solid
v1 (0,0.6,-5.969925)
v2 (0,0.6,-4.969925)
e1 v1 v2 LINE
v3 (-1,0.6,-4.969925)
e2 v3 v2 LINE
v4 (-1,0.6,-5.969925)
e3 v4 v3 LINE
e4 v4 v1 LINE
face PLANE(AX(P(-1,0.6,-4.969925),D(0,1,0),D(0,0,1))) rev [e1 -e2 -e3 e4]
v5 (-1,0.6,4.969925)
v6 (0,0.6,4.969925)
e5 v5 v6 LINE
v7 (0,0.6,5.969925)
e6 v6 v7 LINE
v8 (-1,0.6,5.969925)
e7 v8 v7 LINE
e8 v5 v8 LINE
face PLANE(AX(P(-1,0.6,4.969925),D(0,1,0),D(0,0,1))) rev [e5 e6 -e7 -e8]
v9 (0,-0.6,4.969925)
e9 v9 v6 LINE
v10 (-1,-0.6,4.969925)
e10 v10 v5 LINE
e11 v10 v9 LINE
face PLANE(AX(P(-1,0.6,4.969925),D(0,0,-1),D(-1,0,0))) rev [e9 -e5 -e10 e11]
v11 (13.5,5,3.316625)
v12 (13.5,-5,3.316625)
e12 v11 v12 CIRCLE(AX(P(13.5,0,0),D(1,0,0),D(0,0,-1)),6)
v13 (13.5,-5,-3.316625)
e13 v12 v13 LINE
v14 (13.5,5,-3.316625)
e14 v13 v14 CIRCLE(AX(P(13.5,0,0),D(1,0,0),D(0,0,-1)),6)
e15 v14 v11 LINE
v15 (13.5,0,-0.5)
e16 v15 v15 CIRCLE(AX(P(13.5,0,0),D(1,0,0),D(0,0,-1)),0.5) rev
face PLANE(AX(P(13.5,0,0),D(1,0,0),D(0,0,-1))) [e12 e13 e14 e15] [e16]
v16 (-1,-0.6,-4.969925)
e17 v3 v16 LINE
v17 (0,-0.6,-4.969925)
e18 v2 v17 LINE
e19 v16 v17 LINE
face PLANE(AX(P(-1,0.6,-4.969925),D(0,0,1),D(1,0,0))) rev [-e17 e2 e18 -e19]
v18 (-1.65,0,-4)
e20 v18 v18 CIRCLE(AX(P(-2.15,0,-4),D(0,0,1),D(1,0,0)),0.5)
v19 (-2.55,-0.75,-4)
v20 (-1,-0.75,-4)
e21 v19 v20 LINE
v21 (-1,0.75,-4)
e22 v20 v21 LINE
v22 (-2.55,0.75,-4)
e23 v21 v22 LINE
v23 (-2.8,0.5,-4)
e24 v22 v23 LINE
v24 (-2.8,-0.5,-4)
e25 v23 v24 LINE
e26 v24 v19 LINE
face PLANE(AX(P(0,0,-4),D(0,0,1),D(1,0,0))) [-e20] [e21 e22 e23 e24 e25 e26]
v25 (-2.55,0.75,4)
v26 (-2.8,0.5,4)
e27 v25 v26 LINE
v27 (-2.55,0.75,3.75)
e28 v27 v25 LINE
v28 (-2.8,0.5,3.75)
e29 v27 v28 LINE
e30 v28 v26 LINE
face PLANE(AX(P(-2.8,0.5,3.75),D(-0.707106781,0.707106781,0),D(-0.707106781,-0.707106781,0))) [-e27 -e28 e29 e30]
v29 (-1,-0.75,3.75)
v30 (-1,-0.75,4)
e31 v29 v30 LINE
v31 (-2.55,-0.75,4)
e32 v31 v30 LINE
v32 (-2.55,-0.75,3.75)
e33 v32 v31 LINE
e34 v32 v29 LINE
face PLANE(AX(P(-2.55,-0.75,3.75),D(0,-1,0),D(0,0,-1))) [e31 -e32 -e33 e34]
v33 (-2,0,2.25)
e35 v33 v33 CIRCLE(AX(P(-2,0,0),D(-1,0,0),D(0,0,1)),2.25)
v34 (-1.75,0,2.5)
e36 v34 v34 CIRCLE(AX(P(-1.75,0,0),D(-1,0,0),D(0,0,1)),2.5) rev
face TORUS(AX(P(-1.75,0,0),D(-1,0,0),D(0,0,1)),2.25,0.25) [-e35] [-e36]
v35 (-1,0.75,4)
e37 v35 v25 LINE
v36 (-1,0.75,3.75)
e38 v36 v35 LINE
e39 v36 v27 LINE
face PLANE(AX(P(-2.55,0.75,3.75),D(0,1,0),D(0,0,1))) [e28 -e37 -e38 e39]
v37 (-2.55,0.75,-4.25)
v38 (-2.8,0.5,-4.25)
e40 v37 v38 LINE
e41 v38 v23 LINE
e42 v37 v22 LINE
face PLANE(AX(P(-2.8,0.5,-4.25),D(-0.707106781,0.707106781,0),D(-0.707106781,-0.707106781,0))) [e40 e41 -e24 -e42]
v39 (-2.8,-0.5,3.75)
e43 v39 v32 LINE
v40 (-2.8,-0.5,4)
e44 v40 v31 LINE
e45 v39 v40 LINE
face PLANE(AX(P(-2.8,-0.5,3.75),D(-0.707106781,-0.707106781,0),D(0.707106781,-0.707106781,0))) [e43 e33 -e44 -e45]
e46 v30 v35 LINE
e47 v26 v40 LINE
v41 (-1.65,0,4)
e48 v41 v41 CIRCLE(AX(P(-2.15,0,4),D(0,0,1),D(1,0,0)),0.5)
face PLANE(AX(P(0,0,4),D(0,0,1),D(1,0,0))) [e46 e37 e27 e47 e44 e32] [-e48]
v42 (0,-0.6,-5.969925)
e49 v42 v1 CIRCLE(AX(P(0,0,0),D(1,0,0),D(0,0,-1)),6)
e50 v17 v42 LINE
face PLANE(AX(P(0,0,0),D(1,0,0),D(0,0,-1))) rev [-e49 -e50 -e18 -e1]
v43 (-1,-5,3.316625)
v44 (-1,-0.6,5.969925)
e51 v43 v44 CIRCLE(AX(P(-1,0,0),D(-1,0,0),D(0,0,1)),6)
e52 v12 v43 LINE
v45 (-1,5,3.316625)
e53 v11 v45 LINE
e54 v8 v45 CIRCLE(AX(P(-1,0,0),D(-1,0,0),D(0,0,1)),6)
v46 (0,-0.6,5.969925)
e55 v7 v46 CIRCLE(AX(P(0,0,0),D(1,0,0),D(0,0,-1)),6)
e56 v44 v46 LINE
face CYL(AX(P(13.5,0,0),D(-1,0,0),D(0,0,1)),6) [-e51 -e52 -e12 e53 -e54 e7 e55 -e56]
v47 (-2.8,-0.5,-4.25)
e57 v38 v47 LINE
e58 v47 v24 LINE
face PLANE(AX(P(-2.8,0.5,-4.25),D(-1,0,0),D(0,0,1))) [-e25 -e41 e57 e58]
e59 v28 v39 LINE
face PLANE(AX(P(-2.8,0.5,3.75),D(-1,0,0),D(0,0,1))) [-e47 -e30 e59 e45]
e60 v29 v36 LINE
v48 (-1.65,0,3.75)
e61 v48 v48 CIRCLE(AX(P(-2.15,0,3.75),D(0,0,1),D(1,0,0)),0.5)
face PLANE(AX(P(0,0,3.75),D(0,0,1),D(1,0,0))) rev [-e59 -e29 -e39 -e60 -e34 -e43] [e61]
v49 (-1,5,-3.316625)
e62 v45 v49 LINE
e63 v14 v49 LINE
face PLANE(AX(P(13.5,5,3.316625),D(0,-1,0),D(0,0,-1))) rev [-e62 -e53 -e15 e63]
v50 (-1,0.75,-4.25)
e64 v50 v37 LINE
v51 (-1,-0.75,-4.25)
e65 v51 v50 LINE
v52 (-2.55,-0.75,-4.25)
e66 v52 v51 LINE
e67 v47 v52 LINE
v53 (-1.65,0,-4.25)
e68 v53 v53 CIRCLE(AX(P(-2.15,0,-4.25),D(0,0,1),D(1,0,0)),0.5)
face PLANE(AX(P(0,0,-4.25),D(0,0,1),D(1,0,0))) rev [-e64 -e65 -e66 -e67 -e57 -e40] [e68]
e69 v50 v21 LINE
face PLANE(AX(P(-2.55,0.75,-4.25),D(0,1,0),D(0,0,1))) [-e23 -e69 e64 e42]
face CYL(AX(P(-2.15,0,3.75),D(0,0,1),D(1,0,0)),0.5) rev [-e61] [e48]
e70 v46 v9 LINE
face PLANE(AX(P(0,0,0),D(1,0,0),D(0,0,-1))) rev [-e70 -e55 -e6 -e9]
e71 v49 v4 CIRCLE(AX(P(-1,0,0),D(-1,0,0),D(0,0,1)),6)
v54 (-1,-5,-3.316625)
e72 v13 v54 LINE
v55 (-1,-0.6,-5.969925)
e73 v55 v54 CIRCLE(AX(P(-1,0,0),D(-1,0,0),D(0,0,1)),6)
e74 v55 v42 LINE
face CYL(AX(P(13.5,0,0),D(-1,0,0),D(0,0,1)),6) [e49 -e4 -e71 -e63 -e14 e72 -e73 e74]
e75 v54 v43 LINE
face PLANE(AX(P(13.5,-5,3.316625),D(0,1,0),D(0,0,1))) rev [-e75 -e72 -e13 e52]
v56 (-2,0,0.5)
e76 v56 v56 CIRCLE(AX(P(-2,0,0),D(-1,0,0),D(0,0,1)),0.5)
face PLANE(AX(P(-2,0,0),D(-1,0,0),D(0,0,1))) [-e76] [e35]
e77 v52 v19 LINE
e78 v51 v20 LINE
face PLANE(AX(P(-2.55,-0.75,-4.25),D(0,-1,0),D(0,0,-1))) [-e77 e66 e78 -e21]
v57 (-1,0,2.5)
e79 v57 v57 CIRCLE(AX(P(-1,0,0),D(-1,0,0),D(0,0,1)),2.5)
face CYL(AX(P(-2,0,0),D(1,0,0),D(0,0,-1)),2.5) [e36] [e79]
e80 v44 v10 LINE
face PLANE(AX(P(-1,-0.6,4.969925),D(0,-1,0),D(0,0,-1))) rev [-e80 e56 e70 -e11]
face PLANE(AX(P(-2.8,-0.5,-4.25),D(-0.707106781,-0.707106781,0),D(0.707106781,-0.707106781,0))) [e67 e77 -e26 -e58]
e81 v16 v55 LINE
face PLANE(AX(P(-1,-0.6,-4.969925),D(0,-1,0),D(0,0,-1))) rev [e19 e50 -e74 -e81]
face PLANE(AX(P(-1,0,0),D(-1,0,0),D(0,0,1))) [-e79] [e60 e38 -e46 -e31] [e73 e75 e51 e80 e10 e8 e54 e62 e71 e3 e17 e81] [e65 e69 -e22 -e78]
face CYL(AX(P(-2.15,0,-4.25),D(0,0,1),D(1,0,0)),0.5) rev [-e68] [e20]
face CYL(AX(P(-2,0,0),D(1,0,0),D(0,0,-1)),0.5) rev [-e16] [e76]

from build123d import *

# Parameters (mm, degrees)
SALIENTE_EXTRUIR1_DEPTH = 13.5
SALIENTE_EXTRUIR2_START = 1
SALIENTE_EXTRUIR2_DEPTH = 1
CROQUIS3_R              = 2.5
CROQUIS3_R_2            = 0.5
SALIENTE_EXTRUIR3_DEPTH = 1
REDONDEO1_R             = 0.25
CORTAR_EXTRUIR1_START   = -14.5
CROQUIS3_2_R            = 0.5
CORTAR_EXTRUIR1_DEPTH   = 14.5
CROQUIS4_R              = 0.5
SALIENTE_EXTRUIR4_DEPTH = 0.25
MATRIZL1_COUNT          = 2
MATRIZL1_PITCH          = 8


with BuildPart() as part:
    # Croquis1 → Saliente-Extruir1 (new body)
    with BuildSketch(Plane(origin=(0, 0, 0), x_dir=(0, 0, -1), z_dir=(1, 0, 0))):
        with BuildLine():
            Line((-3.31662479, 5), (3.31662479, 5))
            ThreePointArc((3.31662479, 5), (6, 0), (3.31662479, -5))
            Line((3.31662479, -5), (-3.31662479, -5))
            ThreePointArc((-3.31662479, -5), (-6, 0), (-3.31662479, 5))
        make_face()
    extrude(amount=SALIENTE_EXTRUIR1_DEPTH)

    # Croquis2 → Saliente-Extruir2 (add)
    with BuildSketch(Plane.ZY.offset(SALIENTE_EXTRUIR2_START)):
        with BuildLine():
            Line((-4.969924623, 0.6), (-4.969924623, -0.6))
            Line((-4.969924623, -0.6), (-5.969924623, -0.6))
            ThreePointArc((-5.969924623, -0.6), (-5.138093031, -3.098386677), (-3.31662479, -5))
            Line((-3.31662479, -5), (3.31662479, -5))
            ThreePointArc((3.31662479, -5), (5.138093031, -3.098386677), (5.969924623, -0.6))
            Line((5.969924623, -0.6), (4.969924623, -0.6))
            Line((4.969924623, -0.6), (4.969924623, 0.6))
            Line((4.969924623, 0.6), (5.969924623, 0.6))
            ThreePointArc((5.969924623, 0.6), (5.138093031, 3.098386677), (3.31662479, 5))
            Line((3.31662479, 5), (-3.31662479, 5))
            ThreePointArc((-3.31662479, 5), (-5.138093031, 3.098386677), (-5.969924623, 0.6))
            Line((-5.969924623, 0.6), (-4.969924623, 0.6))
        make_face()
    extrude(amount=-SALIENTE_EXTRUIR2_DEPTH)

    # Croquis3 → Saliente-Extruir3 (add)
    with BuildSketch(Plane.ZY.offset(1)):
        Circle(CROQUIS3_R)
        Circle(CROQUIS3_R_2, mode=Mode.SUBTRACT)
    extrude(amount=SALIENTE_EXTRUIR3_DEPTH)

    # Redondeo1
    redondeo1_edges = [part.edges().sort_by_distance(p)[0] for p in [
        (-2, 0, -2.5),
    ]]
    fillet(redondeo1_edges, radius=REDONDEO1_R)

    # Croquis3<2> → Cortar-Extruir1 (cut)
    with BuildSketch(Plane.ZY.offset(1).offset(CORTAR_EXTRUIR1_START)):
        with Locations(Location((0, 0, 0), (0, 0, 180))):
            Circle(CROQUIS3_2_R)
    extrude(amount=CORTAR_EXTRUIR1_DEPTH, mode=Mode.SUBTRACT)

    # Croquis4 → Saliente-Extruir4 (add)
    with BuildSketch(Plane.XY.offset(4)):
        Polygon((-2.55, 0.75), (-1, 0.75), (-1, -0.75), (-2.55, -0.75), (-2.8, -0.5), (-2.8, 0.5), align=None)
        with Locations((-2.15, 0)):
            Circle(CROQUIS4_R, mode=Mode.SUBTRACT)
    saliente_extruir4 = extrude(amount=-SALIENTE_EXTRUIR4_DEPTH)

    # MatrizL1: Saliente-Extruir4 ×2
    with Locations(*[(0, 0, -i * MATRIZL1_PITCH) for i in range(1, MATRIZL1_COUNT)]):
        add(saliente_extruir4)


solid = part.part
